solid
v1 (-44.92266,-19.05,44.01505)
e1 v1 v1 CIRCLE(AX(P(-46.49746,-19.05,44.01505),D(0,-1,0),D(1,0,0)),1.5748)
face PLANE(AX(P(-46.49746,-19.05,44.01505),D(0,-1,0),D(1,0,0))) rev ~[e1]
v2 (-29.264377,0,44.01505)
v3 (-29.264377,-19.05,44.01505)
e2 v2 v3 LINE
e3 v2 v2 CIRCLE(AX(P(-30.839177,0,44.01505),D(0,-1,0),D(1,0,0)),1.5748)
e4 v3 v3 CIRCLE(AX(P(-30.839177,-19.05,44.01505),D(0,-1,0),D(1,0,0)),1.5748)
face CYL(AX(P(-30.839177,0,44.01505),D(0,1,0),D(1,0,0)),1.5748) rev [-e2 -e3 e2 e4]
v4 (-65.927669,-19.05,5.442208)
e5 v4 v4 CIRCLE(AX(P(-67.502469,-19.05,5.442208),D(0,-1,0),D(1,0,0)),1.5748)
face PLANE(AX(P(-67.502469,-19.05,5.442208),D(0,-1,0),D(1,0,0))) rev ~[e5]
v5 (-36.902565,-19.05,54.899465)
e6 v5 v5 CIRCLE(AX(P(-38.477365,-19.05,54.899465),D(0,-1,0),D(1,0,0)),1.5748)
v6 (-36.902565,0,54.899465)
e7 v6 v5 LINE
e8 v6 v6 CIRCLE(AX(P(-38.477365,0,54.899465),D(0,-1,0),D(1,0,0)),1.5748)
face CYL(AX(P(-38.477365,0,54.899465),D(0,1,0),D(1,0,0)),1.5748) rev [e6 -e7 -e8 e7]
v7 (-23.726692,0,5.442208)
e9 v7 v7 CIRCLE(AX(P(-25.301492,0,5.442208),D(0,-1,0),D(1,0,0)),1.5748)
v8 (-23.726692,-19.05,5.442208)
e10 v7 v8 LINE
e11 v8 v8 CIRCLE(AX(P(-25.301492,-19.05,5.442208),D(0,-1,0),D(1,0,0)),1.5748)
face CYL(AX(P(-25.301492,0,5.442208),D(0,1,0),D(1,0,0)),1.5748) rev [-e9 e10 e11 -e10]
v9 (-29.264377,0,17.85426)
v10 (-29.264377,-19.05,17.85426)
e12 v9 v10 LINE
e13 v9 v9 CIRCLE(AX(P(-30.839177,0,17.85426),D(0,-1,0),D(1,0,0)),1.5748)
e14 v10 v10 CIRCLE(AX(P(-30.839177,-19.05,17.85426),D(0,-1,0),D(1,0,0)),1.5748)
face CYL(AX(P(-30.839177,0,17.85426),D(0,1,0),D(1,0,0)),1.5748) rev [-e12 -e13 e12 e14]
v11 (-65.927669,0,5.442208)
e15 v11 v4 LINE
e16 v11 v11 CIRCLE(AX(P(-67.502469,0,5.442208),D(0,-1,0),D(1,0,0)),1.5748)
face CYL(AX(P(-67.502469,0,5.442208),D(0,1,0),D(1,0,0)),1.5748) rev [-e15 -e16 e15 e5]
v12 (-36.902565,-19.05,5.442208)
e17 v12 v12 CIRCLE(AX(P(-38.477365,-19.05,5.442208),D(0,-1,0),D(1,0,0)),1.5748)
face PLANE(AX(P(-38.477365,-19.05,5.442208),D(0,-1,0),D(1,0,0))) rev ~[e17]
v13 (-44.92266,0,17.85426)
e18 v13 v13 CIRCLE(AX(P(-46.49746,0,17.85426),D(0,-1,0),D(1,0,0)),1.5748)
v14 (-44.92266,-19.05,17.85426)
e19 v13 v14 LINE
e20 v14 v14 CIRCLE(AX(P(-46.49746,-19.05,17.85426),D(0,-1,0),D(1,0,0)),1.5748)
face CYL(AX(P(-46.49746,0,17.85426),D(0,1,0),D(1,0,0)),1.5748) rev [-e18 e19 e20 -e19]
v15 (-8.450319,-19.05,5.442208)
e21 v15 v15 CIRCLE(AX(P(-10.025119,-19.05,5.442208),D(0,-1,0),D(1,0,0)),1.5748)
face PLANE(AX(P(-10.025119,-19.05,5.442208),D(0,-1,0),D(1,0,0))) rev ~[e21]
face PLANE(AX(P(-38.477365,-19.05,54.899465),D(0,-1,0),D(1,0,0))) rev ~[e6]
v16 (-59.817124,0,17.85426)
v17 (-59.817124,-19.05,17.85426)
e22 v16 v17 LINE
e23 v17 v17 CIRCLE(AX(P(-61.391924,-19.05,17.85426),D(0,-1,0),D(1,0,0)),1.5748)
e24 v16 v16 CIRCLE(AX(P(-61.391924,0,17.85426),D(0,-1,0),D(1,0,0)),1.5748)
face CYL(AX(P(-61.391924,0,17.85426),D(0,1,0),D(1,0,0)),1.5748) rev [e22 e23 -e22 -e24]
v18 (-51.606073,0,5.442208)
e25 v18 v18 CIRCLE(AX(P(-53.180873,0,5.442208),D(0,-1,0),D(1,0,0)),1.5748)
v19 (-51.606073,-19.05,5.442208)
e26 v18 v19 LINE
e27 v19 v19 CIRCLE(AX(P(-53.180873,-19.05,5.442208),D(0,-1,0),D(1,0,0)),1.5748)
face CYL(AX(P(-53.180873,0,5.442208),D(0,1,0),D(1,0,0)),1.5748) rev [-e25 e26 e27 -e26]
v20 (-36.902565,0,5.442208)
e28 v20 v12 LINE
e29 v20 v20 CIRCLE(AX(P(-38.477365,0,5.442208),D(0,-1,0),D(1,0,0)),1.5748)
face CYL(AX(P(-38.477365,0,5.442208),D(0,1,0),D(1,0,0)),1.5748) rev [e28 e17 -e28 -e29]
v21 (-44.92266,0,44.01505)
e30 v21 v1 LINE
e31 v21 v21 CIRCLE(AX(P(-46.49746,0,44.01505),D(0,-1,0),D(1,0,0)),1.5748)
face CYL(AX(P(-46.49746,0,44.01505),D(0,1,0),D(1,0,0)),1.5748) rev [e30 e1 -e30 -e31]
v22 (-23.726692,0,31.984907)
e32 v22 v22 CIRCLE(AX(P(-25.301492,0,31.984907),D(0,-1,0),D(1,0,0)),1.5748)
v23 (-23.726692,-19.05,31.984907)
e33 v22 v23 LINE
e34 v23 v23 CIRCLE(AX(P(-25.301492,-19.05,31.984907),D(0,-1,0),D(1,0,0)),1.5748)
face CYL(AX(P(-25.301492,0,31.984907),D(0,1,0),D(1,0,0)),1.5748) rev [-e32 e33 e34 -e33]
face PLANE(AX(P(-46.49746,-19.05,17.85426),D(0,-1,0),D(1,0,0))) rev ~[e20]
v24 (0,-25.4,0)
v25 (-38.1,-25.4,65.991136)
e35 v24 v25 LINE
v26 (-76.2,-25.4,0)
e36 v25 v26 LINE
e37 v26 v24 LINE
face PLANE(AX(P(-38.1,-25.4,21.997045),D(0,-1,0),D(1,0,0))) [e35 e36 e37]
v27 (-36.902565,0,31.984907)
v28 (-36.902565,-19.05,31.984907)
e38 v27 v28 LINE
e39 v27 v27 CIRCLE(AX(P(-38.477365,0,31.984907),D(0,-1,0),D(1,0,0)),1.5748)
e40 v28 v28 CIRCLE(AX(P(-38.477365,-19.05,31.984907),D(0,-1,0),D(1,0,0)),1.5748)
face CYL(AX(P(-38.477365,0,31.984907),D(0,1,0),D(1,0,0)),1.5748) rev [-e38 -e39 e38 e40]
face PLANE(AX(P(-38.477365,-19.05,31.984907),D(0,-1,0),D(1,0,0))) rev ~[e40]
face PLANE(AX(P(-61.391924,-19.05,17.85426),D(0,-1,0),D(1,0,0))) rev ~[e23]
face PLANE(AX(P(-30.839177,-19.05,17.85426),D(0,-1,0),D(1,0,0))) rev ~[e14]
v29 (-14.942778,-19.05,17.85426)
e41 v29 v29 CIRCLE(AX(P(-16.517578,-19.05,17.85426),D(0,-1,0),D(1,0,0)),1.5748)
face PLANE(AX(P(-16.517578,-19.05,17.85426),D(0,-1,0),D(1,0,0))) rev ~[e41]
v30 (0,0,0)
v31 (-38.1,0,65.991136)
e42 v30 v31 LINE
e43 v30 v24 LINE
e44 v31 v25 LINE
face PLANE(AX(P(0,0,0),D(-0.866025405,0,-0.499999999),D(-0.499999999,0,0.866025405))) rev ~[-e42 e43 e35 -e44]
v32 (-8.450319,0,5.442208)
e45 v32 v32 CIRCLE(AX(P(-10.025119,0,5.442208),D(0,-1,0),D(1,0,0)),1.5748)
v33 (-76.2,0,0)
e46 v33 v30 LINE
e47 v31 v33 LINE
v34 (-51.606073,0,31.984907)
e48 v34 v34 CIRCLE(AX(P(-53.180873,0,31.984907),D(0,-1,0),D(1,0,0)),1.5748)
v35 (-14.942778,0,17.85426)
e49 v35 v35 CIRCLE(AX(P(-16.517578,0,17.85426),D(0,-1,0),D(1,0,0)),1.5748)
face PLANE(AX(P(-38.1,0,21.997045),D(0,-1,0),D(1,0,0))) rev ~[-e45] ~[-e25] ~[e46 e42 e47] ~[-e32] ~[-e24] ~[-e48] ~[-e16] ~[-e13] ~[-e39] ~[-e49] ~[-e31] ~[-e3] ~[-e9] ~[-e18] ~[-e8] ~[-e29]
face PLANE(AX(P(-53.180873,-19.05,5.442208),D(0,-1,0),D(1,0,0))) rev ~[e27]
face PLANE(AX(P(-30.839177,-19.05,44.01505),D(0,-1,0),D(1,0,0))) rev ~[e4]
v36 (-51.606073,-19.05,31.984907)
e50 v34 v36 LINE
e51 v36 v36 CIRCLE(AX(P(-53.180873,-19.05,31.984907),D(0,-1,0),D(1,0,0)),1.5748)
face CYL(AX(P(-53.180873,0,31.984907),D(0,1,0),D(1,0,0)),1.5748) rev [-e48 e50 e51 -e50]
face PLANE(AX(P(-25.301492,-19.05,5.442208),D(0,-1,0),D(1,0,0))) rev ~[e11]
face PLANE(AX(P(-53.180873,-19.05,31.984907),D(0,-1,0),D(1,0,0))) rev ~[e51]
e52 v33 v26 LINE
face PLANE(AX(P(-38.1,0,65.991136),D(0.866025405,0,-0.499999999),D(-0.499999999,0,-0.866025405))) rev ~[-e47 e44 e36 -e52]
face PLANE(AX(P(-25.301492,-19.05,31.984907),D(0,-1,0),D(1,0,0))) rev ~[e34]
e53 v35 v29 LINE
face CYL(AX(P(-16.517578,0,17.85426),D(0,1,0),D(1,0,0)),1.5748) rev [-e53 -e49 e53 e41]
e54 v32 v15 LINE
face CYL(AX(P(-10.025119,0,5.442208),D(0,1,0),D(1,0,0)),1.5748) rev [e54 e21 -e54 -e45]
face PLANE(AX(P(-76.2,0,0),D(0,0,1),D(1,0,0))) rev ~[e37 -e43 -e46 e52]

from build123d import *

# Parameters (mm, degrees)
F1_DEPTH = 25.4
F2_R     = 1.5748
F3_DEPTH = 19.05


with BuildPart() as f1:
    # F0 (on Front) → F1 (new body)
    with BuildSketch(Plane.XZ):
        Polygon((-76.2, 0), (0, 0), (-38.1, 65.991136), align=None)
    extrude(amount=F1_DEPTH)

    # F2 (on Front) → F3 (cut)
    with BuildSketch(Plane.XZ):
        with Locations((-38.477365, 54.899465)):
            Circle(F2_R)
        with Locations((-46.49746, 44.01505)):
            Circle(F2_R)
        with Locations((-53.180873, 31.984907)):
            Circle(F2_R)
        with Locations((-61.391924, 17.85426)):
            Circle(F2_R)
        with Locations((-67.502469, 5.442208)):
            Circle(F2_R)
        with Locations((-30.839177, 44.01505)):
            Circle(F2_R)
        with Locations((-38.477365, 31.984907)):
            Circle(F2_R)
        with Locations((-25.301492, 31.984907)):
            Circle(F2_R)
        with Locations((-46.49746, 17.85426)):
            Circle(F2_R)
        with Locations((-30.839177, 17.85426)):
            Circle(F2_R)
        with Locations((-16.517578, 17.85426)):
            Circle(F2_R)
        with Locations((-38.477365, 5.442208)):
            Circle(F2_R)
        with Locations((-53.180873, 5.442208)):
            Circle(F2_R)
        with Locations((-25.301492, 5.442208)):
            Circle(F2_R)
        with Locations((-10.025119, 5.442208)):
            Circle(F2_R)
    extrude(amount=F3_DEPTH, mode=Mode.SUBTRACT)


solid = f1.part
